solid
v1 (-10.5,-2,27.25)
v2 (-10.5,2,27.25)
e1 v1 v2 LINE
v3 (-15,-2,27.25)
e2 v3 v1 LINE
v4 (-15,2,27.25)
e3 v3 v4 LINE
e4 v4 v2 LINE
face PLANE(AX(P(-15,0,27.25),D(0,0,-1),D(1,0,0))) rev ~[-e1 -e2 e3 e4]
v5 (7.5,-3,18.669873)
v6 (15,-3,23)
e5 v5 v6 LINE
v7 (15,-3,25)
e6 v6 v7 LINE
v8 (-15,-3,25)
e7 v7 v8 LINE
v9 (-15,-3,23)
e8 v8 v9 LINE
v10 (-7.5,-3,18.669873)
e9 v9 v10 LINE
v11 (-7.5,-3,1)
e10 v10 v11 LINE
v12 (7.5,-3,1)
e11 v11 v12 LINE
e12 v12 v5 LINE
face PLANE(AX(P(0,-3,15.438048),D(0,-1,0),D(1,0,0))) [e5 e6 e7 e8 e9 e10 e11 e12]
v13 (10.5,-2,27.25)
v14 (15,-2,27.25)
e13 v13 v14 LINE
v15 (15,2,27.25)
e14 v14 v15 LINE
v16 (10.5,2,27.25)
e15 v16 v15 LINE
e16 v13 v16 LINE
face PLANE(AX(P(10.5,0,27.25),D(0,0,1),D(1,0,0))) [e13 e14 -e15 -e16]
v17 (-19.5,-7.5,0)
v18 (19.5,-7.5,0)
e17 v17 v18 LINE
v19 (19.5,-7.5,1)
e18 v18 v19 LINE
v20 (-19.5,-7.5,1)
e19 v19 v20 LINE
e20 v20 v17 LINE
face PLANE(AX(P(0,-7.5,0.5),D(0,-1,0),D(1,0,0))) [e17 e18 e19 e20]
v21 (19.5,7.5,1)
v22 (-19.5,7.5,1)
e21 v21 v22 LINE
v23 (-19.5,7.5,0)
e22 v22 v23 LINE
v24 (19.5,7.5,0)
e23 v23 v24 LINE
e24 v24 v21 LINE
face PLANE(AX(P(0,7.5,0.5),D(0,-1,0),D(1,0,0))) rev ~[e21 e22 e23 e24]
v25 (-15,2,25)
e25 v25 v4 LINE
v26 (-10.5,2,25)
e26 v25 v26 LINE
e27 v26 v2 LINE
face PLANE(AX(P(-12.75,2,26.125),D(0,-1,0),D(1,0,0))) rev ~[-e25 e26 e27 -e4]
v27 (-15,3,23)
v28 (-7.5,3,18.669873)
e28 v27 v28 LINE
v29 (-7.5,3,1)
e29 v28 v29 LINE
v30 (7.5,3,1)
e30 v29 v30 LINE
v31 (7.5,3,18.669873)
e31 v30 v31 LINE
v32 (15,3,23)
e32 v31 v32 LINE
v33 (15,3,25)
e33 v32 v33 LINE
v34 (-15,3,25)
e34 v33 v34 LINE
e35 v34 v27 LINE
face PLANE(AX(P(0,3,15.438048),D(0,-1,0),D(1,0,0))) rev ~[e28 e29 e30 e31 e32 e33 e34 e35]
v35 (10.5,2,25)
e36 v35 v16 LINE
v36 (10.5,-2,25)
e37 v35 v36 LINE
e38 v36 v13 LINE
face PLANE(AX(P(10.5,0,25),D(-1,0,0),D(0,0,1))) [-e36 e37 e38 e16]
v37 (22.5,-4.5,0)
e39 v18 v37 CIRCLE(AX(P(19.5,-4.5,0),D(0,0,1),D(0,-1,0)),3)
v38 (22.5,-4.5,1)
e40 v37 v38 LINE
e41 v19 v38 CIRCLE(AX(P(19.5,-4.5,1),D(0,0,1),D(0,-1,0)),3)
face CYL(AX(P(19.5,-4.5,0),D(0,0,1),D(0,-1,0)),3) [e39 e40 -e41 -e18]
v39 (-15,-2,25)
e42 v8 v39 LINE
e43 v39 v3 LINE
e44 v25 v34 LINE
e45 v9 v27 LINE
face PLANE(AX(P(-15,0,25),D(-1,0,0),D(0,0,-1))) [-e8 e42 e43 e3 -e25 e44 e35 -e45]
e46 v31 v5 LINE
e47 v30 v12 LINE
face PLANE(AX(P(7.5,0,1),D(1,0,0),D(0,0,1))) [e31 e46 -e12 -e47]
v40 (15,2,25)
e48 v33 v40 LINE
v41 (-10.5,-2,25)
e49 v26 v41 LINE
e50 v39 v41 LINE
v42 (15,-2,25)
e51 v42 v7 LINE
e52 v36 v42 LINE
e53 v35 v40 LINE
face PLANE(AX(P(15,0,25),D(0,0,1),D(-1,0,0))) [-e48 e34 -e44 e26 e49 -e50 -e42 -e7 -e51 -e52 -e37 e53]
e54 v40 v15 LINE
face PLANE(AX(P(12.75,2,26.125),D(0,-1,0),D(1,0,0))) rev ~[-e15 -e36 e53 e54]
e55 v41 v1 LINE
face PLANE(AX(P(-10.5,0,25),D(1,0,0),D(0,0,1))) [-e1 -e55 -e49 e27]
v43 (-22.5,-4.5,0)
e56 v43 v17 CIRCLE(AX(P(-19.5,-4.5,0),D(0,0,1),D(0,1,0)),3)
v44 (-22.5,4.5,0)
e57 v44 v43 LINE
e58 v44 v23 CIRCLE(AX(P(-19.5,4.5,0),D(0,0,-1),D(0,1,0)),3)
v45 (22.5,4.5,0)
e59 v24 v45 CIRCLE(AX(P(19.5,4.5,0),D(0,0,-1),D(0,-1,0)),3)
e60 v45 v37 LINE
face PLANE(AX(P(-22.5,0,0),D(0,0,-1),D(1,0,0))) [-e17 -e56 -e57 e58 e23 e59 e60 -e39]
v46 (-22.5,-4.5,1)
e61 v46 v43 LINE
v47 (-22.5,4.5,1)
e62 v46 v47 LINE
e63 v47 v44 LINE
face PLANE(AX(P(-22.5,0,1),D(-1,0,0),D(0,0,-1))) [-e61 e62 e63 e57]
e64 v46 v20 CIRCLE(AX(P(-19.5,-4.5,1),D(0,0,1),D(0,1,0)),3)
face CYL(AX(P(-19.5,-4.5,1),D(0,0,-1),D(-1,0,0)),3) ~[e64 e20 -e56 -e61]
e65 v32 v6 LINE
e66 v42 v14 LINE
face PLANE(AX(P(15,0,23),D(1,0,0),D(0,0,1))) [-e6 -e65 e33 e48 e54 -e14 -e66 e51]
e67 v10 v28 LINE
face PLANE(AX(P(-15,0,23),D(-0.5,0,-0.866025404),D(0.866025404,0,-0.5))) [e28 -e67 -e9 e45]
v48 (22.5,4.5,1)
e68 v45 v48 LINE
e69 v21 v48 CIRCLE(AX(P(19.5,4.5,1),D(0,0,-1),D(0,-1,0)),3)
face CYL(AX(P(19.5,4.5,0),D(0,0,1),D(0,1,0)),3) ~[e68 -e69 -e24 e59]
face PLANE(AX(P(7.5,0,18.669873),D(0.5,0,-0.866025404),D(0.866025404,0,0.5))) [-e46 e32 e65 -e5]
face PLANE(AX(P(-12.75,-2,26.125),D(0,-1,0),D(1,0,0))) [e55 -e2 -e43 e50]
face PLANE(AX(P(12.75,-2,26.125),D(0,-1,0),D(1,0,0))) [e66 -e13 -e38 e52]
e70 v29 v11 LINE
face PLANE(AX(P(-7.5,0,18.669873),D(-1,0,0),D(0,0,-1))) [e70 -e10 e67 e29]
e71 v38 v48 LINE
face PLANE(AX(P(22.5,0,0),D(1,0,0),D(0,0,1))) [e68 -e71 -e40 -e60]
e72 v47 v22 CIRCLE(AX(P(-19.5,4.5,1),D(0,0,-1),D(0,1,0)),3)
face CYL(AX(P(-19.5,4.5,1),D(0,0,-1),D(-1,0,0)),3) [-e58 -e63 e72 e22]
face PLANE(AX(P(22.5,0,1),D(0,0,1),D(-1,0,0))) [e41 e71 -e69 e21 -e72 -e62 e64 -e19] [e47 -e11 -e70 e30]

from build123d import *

# Parameters (mm, degrees)
F4_DEPTH = 3
F5_DEPTH = 7.5
F3_W     = 4.5
F3_H     = 2.25
F6_DEPTH = 2
F7_R     = 3


with BuildPart() as f4:
    # F3 (on Front) → F4 (new body, symmetric)
    with BuildSketch(Plane.XZ):
        Polygon((-7.5, 18.6698729811), (-7.5, 1), (7.5, 1), (7.5, 18.6698729811), (15, 23), (15, 25), (10.5, 25), (-10.5, 25), (-15, 25), (-15, 23), align=None)
    extrude(amount=F4_DEPTH, both=True)

    # F3 (on Front) → F5 (join, symmetric)
    with BuildSketch(Plane.XZ):
        Polygon((-22.5, 1), (-22.5, 0), (22.5, 0), (22.5, 1), (7.5, 1), (-7.5, 1), align=None)
    extrude(amount=F5_DEPTH, both=True)

    # F3 (on Front) → F6 (join, symmetric)
    with BuildSketch(Plane.XZ):
        with Locations((12.75, 26.125)):
            Rectangle(F3_W, F3_H)
        with Locations((-12.75, 26.125)):
            Rectangle(F3_W, F3_H)
    extrude(amount=F6_DEPTH, both=True)

    # F7
    f7_edges = [f4.edges().sort_by_distance(p)[0] for p in [
        (22.5, -7.5, 0.5),
        (22.5, 7.5, 0.5),
        (-22.5, 7.5, 0.5),
        (-22.5, -7.5, 0.5),
    ]]
    fillet(f7_edges, radius=F7_R)


solid = f4.part
